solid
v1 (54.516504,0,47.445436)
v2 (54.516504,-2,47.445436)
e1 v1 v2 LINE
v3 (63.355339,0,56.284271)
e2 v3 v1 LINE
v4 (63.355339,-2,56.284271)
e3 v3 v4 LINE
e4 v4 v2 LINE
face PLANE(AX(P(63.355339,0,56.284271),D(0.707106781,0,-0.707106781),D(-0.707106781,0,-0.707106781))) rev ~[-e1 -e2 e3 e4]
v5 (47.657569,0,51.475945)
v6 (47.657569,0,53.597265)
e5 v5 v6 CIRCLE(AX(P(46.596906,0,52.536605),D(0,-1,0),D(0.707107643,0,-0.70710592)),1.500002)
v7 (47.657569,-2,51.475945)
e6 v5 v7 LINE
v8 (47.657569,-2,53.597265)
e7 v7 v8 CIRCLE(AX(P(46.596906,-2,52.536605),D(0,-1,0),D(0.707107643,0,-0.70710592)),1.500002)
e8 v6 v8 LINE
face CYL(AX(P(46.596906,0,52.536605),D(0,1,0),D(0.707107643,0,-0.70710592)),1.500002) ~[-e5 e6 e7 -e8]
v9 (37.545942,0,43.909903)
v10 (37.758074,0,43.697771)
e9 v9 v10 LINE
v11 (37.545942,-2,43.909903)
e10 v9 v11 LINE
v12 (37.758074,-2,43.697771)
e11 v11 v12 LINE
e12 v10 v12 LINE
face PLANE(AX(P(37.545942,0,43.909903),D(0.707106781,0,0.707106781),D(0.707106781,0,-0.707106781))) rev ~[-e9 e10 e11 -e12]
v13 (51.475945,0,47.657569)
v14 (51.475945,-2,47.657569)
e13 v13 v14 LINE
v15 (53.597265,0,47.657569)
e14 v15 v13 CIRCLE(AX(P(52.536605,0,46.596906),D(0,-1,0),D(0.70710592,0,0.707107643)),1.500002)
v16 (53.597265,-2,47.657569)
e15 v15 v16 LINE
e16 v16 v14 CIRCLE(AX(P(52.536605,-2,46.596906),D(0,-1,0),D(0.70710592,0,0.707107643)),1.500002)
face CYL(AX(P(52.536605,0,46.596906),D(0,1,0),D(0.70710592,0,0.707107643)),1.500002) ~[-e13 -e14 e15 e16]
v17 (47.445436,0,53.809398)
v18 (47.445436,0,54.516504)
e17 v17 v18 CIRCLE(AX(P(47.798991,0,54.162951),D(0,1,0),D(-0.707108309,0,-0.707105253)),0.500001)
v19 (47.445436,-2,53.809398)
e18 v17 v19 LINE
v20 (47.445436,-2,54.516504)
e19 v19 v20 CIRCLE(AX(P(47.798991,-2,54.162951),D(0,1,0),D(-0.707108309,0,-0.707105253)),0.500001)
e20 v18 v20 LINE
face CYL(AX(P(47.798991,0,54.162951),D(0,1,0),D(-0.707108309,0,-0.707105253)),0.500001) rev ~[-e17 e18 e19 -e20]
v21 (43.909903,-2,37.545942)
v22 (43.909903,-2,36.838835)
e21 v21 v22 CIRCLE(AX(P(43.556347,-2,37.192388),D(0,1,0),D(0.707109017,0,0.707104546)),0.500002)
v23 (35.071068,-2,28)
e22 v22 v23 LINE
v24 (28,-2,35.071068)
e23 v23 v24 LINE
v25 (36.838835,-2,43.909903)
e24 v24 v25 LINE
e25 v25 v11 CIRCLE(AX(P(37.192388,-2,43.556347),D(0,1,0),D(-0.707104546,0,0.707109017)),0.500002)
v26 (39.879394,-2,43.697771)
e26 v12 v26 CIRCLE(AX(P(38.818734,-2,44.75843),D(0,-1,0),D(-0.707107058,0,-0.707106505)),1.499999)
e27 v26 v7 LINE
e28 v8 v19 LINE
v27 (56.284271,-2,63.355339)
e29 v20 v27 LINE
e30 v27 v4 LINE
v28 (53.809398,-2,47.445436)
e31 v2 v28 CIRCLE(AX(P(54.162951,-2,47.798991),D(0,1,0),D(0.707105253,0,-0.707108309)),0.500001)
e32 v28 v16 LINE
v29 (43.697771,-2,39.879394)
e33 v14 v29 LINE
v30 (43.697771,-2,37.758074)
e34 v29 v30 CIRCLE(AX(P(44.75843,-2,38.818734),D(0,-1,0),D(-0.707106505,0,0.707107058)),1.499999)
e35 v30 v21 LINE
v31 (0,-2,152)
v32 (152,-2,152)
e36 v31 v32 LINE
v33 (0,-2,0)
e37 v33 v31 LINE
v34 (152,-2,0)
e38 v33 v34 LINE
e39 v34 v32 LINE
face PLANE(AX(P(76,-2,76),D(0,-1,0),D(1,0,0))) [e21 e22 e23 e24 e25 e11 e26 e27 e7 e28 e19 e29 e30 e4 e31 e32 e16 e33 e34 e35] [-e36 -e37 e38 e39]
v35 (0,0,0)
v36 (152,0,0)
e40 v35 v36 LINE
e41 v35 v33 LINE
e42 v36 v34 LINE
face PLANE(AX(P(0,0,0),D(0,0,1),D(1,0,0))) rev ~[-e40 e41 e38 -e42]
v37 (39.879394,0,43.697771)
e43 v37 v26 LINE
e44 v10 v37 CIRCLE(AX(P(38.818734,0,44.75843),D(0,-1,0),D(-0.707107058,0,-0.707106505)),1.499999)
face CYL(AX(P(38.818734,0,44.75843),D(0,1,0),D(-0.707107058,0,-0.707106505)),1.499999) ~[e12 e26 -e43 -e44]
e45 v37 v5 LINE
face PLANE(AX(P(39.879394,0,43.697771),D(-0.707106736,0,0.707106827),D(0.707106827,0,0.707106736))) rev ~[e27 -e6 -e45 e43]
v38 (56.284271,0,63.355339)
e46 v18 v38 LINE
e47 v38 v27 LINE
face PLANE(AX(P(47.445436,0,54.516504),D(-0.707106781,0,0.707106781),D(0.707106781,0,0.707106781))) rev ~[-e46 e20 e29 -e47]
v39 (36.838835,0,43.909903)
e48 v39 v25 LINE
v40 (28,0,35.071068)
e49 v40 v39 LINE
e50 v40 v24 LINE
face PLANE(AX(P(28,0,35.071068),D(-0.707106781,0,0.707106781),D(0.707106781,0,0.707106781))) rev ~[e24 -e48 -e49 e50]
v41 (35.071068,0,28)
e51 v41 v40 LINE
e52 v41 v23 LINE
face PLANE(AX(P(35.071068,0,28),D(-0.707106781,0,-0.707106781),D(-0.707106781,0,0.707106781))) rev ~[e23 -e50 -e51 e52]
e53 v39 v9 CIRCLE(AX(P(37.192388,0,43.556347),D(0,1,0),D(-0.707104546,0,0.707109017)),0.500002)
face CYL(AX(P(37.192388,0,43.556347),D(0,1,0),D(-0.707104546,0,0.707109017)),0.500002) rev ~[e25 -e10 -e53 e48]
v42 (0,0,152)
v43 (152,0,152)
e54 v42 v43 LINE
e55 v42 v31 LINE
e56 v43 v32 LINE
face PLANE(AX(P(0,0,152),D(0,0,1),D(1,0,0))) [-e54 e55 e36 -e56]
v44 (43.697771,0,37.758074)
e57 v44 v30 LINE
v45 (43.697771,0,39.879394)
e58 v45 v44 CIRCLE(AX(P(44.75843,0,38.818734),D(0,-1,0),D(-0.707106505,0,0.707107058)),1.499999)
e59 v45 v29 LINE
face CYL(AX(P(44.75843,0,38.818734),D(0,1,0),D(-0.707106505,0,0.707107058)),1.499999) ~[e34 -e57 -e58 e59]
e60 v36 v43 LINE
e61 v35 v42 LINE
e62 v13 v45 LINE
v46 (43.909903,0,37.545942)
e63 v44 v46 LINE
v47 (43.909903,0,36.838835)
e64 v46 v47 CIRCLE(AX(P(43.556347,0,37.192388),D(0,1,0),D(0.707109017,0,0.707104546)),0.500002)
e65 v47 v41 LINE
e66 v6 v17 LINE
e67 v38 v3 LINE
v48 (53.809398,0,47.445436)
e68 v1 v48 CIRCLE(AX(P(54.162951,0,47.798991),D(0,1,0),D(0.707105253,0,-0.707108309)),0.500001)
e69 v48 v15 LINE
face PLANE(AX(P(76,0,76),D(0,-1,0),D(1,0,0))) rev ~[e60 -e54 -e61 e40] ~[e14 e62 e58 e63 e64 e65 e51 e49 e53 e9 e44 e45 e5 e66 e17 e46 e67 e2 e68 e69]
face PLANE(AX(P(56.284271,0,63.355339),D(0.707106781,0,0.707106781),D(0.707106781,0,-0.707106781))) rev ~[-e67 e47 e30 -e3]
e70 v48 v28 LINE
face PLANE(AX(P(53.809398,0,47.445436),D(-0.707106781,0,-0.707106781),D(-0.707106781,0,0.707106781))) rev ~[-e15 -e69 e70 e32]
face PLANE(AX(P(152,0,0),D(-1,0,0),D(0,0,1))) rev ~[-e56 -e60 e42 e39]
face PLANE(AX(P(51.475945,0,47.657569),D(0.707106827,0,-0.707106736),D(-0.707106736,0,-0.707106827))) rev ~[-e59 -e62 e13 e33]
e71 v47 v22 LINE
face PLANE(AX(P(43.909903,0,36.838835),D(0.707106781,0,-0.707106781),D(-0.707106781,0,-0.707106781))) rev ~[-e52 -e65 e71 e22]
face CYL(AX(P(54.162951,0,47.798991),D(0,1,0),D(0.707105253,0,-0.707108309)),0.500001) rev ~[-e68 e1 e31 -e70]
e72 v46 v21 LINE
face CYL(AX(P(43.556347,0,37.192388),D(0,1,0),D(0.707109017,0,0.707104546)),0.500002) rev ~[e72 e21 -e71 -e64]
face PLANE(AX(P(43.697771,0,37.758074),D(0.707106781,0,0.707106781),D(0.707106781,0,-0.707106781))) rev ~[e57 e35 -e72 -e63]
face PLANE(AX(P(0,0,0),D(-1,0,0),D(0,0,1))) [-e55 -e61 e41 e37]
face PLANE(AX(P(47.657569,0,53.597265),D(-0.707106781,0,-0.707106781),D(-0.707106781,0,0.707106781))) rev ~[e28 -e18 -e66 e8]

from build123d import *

# Parameters (mm, degrees)
F0_W     = 152
F0_H     = 152
F1_DEPTH = 2
F2_DEPTH = 2


with BuildPart() as f1:
    # F0 (on Front) → F1 (new body)
    with BuildSketch(Plane.XZ):
        with Locations((76, 76)):
            Rectangle(F0_W, F0_H)
        with BuildLine():
            Line((43.909903, 36.838835), (35.071068, 28))
            Line((35.071068, 28), (28, 35.071068))
            Line((28, 35.071068), (36.838835, 43.909903))
            ThreePointArc((36.838835, 43.909903), (37.192388, 44.056349), (37.545942, 43.909903))
            Line((37.545942, 43.909903), (37.758074, 43.697771))
            ThreePointArc((37.758074, 43.697771), (38.818734, 43.258431), (39.879394, 43.697771))
            Line((39.879394, 43.697771), (47.657569, 51.475945))
            ThreePointArc((47.657569, 51.475945), (48.096908, 52.536605), (47.657569, 53.597265))
            Line((47.657569, 53.597265), (47.445436, 53.809398))
            ThreePointArc((47.445436, 53.809398), (47.29899, 54.162951), (47.445436, 54.516504))
            Line((47.445436, 54.516504), (56.284271, 63.355339))
            Line((56.284271, 63.355339), (63.355339, 56.284271))
            Line((63.355339, 56.284271), (54.516504, 47.445436))
            ThreePointArc((54.516504, 47.445436), (54.162951, 47.29899), (53.809398, 47.445436))
            Line((53.809398, 47.445436), (53.597265, 47.657569))
            ThreePointArc((53.597265, 47.657569), (52.536605, 48.096908), (51.475945, 47.657569))
            Line((51.475945, 47.657569), (43.697771, 39.879394))
            ThreePointArc((43.697771, 39.879394), (43.258431, 38.818734), (43.697771, 37.758074))
            Line((43.697771, 37.758074), (43.909903, 37.545942))
            ThreePointArc((43.909903, 37.545942), (44.056349, 37.192388), (43.909903, 36.838835))
        make_face(mode=Mode.SUBTRACT)
    extrude(amount=F1_DEPTH)

    # F0 (on Front) → F2 (cut)
    with BuildSketch(Plane.XZ):
        with BuildLine():
            Line((28, 35.071068), (35.071068, 28))
            Line((35.071068, 28), (43.909903, 36.838835))
            ThreePointArc((43.909903, 36.838835), (44.056349, 37.192388), (43.909903, 37.545942))
            Line((43.909903, 37.545942), (43.697771, 37.758074))
            ThreePointArc((43.697771, 37.758074), (43.258431, 38.818734), (43.697771, 39.879394))
            Line((43.697771, 39.879394), (51.475945, 47.657569))
            ThreePointArc((51.475945, 47.657569), (52.536605, 48.096908), (53.597265, 47.657569))
            Line((53.597265, 47.657569), (53.809398, 47.445436))
            ThreePointArc((53.809398, 47.445436), (54.162951, 47.29899), (54.516504, 47.445436))
            Line((54.516504, 47.445436), (63.355339, 56.284271))
            Line((63.355339, 56.284271), (56.284271, 63.355339))
            Line((56.284271, 63.355339), (47.445436, 54.516504))
            ThreePointArc((47.445436, 54.516504), (47.29899, 54.162951), (47.445436, 53.809398))
            Line((47.445436, 53.809398), (47.657569, 53.597265))
            ThreePointArc((47.657569, 53.597265), (48.096908, 52.536605), (47.657569, 51.475945))
            Line((47.657569, 51.475945), (39.879394, 43.697771))
            ThreePointArc((39.879394, 43.697771), (38.818734, 43.258431), (37.758074, 43.697771))
            Line((37.758074, 43.697771), (37.545942, 43.909903))
            ThreePointArc((37.545942, 43.909903), (37.192388, 44.056349), (36.838835, 43.909903))
            Line((36.838835, 43.909903), (28, 35.071068))
        make_face()
    extrude(amount=F2_DEPTH, mode=Mode.SUBTRACT)


solid = f1.part
